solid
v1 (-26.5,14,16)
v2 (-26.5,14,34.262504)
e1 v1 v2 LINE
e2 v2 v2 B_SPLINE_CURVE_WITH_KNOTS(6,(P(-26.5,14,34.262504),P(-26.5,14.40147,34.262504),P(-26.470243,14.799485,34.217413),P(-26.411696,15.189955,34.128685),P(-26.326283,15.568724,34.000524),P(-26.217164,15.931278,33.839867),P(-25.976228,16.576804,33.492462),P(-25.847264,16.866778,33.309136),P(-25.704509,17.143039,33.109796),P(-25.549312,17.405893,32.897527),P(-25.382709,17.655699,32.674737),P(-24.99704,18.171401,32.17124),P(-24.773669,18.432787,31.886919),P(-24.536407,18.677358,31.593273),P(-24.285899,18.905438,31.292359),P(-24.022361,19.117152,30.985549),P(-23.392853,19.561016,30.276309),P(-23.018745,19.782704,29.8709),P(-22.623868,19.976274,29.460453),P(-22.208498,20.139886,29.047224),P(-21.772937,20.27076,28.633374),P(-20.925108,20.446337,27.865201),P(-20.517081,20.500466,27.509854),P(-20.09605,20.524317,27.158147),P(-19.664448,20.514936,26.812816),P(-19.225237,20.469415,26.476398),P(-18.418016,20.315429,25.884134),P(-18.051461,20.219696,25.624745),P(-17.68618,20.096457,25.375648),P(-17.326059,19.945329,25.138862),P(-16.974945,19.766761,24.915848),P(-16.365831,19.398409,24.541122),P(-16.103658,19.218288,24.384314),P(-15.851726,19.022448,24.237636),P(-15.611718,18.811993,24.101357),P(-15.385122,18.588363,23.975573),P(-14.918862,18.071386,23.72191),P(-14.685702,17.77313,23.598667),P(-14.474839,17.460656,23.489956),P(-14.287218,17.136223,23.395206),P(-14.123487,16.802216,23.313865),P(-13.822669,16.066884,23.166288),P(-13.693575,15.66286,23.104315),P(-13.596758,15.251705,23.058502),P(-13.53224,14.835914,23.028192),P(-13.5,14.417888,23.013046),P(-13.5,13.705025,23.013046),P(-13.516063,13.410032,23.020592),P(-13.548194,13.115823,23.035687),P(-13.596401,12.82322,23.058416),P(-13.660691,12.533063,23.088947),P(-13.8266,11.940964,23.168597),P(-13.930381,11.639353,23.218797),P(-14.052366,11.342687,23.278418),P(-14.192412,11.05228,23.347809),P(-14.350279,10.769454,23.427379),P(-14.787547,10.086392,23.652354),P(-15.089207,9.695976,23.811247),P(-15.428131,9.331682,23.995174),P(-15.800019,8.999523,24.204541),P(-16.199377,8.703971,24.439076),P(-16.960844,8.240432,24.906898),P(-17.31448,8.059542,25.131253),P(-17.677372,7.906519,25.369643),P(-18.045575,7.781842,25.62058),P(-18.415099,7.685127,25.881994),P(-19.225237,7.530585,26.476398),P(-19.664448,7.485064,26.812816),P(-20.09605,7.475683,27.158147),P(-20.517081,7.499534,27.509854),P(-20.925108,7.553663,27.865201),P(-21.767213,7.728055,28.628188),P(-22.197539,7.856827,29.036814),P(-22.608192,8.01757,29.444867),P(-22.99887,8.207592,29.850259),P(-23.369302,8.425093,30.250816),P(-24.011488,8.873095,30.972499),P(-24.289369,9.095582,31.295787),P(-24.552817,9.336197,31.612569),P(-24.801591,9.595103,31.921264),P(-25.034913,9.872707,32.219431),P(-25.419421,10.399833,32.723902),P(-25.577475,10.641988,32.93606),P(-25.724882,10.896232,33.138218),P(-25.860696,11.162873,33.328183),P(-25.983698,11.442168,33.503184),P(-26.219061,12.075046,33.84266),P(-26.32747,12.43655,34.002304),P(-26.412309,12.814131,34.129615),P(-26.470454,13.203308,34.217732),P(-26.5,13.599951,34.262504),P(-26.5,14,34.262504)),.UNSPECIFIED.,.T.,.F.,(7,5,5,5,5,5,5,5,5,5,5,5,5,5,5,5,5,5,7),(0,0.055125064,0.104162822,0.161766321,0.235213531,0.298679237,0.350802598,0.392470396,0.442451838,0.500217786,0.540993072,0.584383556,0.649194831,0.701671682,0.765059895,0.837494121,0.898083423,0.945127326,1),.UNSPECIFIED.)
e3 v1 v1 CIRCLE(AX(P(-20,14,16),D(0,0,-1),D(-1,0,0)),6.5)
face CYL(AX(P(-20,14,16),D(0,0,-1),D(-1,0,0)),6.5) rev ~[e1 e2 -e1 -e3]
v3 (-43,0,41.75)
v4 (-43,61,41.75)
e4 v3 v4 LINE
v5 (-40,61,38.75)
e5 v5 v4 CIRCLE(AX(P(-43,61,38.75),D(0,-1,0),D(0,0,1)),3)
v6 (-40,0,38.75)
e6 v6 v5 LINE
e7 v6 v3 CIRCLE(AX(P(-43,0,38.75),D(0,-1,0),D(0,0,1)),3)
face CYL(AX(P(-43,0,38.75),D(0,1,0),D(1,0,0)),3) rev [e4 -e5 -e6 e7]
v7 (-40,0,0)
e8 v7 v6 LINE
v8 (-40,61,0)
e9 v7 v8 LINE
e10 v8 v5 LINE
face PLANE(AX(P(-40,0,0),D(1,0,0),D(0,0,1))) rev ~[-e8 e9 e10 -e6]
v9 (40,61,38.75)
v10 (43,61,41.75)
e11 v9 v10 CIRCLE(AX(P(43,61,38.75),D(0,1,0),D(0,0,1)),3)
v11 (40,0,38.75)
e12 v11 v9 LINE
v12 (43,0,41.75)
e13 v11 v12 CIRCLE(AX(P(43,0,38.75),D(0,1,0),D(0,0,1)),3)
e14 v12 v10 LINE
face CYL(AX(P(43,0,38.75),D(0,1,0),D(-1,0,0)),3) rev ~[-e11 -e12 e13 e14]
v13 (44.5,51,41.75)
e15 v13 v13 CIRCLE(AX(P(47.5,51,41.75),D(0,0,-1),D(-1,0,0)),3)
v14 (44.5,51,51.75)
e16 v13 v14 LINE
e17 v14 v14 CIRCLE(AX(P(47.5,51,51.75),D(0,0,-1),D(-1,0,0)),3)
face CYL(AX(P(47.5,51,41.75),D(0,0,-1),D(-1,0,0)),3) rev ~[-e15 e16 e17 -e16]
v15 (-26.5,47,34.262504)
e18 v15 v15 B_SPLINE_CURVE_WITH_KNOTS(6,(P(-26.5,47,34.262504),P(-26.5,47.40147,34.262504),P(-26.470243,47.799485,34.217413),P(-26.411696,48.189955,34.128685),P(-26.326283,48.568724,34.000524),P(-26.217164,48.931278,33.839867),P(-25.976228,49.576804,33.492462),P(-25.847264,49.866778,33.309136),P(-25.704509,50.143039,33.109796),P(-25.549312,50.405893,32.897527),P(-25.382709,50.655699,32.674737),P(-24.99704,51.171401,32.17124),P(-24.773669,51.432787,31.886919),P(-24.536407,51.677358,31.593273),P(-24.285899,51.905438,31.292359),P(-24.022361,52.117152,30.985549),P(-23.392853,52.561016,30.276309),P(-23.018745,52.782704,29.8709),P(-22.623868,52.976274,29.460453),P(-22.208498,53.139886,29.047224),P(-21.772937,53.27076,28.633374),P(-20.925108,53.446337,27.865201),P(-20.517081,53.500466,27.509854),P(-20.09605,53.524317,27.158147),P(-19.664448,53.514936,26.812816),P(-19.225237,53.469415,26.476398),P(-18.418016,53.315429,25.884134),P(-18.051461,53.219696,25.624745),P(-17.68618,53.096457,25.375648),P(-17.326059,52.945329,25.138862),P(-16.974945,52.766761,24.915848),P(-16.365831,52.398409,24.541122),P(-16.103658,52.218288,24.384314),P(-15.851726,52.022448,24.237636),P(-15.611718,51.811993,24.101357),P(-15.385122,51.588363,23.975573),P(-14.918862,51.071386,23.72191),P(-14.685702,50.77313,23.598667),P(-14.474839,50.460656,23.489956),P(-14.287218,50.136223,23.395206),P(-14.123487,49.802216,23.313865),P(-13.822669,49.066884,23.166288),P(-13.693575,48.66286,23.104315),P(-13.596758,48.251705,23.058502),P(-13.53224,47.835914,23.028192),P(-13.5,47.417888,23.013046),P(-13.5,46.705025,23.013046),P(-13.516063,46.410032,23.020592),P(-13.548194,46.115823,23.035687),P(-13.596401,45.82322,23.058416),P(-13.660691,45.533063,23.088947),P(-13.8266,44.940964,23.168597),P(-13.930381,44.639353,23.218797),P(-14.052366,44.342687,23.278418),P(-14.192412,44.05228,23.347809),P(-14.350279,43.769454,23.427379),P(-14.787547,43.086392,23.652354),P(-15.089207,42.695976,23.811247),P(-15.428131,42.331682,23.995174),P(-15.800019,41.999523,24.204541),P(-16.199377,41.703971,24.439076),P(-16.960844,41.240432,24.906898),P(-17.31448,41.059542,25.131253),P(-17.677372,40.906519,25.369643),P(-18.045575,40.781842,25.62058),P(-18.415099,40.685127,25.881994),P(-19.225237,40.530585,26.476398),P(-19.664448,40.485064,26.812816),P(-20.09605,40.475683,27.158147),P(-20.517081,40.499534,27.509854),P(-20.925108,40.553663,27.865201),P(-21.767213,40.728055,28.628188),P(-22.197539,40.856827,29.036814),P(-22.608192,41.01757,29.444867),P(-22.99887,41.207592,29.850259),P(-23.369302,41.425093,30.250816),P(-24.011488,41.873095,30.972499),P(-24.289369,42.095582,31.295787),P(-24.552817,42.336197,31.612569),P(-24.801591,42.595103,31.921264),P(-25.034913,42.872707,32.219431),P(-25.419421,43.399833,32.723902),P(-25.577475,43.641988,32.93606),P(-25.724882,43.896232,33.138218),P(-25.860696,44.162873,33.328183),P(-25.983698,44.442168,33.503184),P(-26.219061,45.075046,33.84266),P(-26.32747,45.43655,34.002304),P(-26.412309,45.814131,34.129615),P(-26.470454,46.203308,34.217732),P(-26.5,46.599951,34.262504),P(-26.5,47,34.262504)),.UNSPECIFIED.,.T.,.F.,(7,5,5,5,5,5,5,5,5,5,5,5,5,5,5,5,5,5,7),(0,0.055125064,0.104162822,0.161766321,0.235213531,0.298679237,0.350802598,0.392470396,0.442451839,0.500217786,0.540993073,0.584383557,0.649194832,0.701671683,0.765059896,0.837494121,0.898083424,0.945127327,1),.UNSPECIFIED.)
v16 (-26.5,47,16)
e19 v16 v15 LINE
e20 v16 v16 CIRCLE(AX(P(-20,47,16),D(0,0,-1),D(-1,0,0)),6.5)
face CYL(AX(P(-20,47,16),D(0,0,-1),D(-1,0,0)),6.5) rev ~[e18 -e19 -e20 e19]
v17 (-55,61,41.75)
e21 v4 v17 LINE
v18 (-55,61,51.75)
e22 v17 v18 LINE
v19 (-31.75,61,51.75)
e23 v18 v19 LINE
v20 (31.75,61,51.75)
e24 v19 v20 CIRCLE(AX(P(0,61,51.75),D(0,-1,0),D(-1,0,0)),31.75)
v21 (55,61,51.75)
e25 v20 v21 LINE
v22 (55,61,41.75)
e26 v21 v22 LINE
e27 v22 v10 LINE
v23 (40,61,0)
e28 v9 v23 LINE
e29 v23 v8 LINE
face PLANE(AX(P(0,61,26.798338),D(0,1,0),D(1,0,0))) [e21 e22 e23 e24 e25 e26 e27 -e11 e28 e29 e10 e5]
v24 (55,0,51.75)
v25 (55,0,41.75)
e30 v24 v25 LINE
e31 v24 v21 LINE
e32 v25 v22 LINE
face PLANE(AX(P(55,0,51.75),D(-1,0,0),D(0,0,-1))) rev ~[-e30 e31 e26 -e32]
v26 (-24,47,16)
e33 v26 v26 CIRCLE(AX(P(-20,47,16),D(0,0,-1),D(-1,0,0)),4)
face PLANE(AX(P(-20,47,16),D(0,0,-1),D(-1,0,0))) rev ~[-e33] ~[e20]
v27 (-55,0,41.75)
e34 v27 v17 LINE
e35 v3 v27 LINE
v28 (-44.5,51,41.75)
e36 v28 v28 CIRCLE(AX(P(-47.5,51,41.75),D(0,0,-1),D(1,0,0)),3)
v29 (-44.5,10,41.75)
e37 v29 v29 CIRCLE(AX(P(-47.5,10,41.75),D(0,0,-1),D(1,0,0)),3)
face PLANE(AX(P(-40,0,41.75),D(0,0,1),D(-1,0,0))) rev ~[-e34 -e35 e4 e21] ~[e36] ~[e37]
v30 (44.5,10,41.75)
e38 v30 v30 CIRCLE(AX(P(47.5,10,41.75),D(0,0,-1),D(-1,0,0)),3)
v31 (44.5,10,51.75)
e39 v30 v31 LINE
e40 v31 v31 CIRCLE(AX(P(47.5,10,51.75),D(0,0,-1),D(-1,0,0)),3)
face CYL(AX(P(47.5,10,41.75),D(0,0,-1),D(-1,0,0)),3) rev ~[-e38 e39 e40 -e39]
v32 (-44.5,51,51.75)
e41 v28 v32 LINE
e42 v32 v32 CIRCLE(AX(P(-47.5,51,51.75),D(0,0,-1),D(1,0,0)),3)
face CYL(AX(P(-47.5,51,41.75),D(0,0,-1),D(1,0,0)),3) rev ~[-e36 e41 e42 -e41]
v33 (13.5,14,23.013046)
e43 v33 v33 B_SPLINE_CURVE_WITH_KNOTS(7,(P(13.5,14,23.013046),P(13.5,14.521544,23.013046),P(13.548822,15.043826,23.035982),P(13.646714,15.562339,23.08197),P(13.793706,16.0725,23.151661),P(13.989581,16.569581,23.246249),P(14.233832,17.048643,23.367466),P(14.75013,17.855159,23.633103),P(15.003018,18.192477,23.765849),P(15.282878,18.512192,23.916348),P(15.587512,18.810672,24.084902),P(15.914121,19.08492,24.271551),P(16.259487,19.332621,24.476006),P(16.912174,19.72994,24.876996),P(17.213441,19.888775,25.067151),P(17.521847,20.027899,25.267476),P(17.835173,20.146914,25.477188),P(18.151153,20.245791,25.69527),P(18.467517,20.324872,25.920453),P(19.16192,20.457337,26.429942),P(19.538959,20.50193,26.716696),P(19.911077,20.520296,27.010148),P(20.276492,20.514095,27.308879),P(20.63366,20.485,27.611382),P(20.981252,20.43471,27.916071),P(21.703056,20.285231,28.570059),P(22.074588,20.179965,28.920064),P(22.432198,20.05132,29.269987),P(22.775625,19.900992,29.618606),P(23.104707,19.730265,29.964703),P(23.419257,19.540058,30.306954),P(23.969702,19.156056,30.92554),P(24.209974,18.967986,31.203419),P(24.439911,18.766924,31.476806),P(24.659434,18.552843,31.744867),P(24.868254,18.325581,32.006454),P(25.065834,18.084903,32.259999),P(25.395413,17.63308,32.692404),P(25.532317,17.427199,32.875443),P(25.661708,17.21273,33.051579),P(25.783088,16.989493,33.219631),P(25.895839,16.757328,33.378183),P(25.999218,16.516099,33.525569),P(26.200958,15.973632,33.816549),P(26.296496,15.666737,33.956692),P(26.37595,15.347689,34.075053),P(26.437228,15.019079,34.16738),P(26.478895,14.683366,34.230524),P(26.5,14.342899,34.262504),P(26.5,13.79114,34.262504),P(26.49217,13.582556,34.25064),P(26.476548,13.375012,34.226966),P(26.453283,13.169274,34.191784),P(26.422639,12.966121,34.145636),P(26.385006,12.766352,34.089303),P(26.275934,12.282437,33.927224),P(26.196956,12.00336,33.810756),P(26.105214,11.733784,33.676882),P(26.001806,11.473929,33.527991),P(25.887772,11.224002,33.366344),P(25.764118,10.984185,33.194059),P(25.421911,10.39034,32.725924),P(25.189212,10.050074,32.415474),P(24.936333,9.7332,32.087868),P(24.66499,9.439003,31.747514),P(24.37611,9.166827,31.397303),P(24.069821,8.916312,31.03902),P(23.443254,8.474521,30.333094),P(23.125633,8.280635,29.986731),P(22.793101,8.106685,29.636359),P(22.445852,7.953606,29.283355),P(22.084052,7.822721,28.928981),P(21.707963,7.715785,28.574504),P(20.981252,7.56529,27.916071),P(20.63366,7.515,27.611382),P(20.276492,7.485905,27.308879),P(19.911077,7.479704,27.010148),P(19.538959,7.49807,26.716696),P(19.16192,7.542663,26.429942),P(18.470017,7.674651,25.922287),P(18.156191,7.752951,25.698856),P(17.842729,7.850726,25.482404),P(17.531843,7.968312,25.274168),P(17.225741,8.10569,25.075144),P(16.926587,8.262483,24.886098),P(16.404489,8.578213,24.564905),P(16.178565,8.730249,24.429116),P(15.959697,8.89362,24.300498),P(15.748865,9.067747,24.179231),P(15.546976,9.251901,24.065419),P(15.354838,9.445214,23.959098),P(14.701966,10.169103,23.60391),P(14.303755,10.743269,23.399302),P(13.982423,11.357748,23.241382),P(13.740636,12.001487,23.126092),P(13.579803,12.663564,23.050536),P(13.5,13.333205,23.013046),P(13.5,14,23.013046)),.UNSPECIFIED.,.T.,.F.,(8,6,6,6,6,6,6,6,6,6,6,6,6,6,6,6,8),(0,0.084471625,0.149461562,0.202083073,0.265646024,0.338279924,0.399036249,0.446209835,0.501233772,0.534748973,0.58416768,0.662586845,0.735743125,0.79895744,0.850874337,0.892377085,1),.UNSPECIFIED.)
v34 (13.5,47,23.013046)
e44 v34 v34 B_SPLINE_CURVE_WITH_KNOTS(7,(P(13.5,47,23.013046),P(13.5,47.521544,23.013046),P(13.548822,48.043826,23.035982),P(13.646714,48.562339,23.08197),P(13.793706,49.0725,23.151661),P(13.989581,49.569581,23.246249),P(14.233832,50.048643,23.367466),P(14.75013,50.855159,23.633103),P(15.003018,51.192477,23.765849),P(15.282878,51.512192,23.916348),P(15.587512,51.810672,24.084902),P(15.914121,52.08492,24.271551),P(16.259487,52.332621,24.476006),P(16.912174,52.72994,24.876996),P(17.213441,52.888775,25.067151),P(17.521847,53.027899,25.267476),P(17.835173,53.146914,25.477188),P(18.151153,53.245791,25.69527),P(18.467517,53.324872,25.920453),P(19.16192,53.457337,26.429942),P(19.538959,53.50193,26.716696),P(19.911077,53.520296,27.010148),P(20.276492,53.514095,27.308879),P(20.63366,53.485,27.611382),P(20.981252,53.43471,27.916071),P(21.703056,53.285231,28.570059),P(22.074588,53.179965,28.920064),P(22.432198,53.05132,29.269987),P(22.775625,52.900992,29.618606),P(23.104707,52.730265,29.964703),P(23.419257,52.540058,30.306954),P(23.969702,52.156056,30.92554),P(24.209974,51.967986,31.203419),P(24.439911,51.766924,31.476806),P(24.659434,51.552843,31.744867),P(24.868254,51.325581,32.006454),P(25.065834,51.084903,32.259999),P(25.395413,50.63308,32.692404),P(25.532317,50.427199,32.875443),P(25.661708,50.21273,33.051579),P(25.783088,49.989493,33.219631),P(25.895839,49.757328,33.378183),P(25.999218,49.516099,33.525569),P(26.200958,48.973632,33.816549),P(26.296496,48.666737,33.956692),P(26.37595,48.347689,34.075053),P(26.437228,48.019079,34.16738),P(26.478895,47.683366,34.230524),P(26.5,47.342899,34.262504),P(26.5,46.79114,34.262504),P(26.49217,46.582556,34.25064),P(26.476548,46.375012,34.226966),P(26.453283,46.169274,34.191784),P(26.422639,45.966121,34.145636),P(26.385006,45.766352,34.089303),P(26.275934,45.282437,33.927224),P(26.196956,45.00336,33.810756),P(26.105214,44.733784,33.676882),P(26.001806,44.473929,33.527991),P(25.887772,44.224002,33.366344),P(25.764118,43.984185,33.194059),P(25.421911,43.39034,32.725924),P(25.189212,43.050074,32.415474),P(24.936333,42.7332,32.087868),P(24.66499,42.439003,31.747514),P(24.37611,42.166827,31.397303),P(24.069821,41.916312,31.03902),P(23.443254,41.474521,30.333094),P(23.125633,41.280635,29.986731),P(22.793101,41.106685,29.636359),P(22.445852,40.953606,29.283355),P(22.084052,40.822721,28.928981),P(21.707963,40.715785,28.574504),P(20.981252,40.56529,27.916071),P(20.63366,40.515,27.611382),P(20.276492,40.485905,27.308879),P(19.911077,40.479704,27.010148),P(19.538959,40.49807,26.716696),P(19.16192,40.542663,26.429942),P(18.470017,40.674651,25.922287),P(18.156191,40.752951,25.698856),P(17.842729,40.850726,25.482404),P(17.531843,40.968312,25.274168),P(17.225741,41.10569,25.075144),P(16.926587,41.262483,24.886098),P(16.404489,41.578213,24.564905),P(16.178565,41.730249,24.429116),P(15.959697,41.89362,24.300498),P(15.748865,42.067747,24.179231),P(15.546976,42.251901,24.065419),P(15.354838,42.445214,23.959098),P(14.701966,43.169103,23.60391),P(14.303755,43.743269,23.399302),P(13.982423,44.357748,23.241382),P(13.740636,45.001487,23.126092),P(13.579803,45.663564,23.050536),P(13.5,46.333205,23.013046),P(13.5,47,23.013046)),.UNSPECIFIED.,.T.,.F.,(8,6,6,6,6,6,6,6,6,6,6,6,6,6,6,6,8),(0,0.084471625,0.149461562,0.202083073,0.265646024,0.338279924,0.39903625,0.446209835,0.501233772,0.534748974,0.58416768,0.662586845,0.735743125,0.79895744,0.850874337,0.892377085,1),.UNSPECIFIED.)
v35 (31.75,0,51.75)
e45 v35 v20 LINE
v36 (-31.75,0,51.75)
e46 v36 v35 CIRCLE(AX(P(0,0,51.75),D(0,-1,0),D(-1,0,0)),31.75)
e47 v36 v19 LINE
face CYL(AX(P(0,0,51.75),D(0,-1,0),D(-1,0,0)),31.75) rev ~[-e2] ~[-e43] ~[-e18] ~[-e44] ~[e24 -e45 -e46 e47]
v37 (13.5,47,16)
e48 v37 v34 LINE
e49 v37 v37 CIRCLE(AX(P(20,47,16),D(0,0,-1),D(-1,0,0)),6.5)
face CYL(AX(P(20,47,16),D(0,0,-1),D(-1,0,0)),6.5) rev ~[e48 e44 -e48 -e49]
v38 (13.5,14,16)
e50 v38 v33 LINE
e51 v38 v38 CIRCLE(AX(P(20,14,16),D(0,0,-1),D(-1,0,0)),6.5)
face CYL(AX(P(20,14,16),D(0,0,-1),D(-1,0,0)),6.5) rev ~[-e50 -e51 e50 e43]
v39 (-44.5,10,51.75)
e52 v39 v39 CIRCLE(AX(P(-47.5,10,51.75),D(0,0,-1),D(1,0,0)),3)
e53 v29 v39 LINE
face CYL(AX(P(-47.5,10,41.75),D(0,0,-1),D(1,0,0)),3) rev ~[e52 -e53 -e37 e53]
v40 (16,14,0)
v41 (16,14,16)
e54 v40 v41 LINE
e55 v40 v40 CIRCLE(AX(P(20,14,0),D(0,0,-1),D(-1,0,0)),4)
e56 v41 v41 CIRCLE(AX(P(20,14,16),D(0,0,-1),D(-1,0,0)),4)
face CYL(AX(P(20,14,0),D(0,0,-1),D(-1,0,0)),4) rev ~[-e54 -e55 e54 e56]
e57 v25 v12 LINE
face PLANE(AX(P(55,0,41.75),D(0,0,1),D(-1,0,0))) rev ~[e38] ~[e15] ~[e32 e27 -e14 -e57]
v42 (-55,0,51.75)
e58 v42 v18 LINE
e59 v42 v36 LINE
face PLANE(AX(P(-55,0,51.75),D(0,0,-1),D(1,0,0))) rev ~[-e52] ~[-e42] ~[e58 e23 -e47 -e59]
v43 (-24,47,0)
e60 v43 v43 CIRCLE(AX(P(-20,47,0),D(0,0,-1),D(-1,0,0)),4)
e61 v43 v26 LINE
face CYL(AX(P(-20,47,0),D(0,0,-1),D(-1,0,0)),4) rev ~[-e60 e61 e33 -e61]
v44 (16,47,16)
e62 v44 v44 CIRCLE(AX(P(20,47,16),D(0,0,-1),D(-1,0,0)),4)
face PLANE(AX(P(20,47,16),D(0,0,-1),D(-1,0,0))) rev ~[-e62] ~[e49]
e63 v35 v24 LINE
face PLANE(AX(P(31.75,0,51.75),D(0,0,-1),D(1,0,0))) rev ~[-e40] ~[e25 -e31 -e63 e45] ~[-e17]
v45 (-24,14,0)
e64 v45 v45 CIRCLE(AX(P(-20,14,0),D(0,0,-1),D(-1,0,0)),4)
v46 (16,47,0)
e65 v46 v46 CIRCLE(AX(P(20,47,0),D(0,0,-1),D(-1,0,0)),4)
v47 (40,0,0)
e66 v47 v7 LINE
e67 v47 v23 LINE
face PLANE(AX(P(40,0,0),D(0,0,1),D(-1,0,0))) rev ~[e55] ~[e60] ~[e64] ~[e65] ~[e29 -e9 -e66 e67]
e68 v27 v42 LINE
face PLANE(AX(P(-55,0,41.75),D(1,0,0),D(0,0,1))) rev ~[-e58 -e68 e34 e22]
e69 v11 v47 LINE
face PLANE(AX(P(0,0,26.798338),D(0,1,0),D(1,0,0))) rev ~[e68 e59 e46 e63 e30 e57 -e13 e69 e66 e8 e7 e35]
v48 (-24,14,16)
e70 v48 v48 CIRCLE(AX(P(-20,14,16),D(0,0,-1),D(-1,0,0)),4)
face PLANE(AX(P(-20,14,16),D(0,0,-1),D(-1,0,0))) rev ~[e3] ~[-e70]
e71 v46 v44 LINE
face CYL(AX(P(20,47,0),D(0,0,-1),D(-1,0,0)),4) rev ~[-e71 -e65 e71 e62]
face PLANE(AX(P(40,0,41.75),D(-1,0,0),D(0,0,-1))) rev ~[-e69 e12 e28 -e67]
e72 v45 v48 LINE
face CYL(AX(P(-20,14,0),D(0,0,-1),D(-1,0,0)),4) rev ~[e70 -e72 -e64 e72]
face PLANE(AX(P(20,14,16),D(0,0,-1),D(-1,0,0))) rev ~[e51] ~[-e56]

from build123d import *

# Parameters (mm, degrees)
BOSS_EXTRUDE1_DEPTH = 61
SKETCH2_R           = 3
CUT_EXTRUDE1_DEPTH  = 93.136108557
SKETCH3_R           = 4
CUT_EXTRUDE2_DEPTH  = 98.077610704
CUT_EXTRUDE3_START  = -16
SKETCH3_4_R         = 6.5
SKETCH3_4_R_2       = 4
CUT_EXTRUDE3_DEPTH  = 61
FILLET1_R           = 3


with BuildPart() as part:
    # Sketch1 → Boss-Extrude1 (new body)
    with BuildSketch(Plane(origin=(0, 0, 0), x_dir=(1, 0, 0), z_dir=(0, 1, 0))):
        with BuildLine():
            Line((40, 0), (0, 0))
            Line((0, 0), (-40, 0))
            Line((-40, 0), (-40, -20))
            Line((-40, -20), (-40, -41.75))
            Line((-40, -41.75), (-55, -41.75))
            Line((-55, -41.75), (-55, -51.75))
            Line((-55, -51.75), (-40, -51.75))
            Line((-40, -51.75), (-31.75, -51.75))
            ThreePointArc((-31.75, -51.75), (0, -20), (31.75, -51.75))
            Line((31.75, -51.75), (40, -51.75))
            Line((40, -51.75), (55, -51.75))
            Line((55, -51.75), (55, -41.75))
            Line((55, -41.75), (40, -41.75))
            Line((40, -41.75), (40, -20))
            Line((40, -20), (40, 0))
        make_face()
    extrude(amount=BOSS_EXTRUDE1_DEPTH)

    # Sketch2 → Cut-Extrude1 (cut, through all)
    with BuildSketch(Plane(origin=(0, 0, 41.75), x_dir=(-1, 0, 0), z_dir=(0, 0, -1))):
        with Locations((-47.5, 51)):
            Circle(SKETCH2_R)
        with Locations((-47.5, 10)):
            Circle(SKETCH2_R)
        with Locations((47.5, 10)):
            Circle(SKETCH2_R)
        with Locations((47.5, 51)):
            Circle(SKETCH2_R)
    extrude(amount=-CUT_EXTRUDE1_DEPTH, mode=Mode.SUBTRACT)

    # Sketch3 → Cut-Extrude2 (cut, through all)
    with BuildSketch(Plane(origin=(0, 0, 0), x_dir=(-1, 0, 0), z_dir=(0, 0, -1))):
        with Locations((-20, 47)):
            Circle(SKETCH3_R)
        with Locations((-20, 14)):
            Circle(SKETCH3_R)
        with Locations((20, 14)):
            Circle(SKETCH3_R)
        with Locations((20, 47)):
            Circle(SKETCH3_R)
    extrude(amount=-CUT_EXTRUDE2_DEPTH, mode=Mode.SUBTRACT)

    # Sketch3<4> → Cut-Extrude3 (cut)
    # profile 1 of 4: a face of its own
    with BuildSketch(Plane(origin=(0, 0, 0), x_dir=(-1, 0, 0), z_dir=(0, 0, -1)).offset(CUT_EXTRUDE3_START)):
        with Locations((-20, 47)):
            Circle(SKETCH3_4_R)
        with Locations((-20, 47)):
            Circle(SKETCH3_4_R_2, mode=Mode.SUBTRACT)
    # profile 2 of 4: a face of its own
    with BuildSketch(Plane(origin=(0, 0, 0), x_dir=(-1, 0, 0), z_dir=(0, 0, -1)).offset(CUT_EXTRUDE3_START)):
        with Locations((-20, 14)):
            Circle(SKETCH3_4_R)
        with Locations((-20, 14)):
            Circle(SKETCH3_4_R_2, mode=Mode.SUBTRACT)
    # profile 3 of 4: a face of its own
    with BuildSketch(Plane(origin=(0, 0, 0), x_dir=(-1, 0, 0), z_dir=(0, 0, -1)).offset(CUT_EXTRUDE3_START)):
        with Locations((20, 14)):
            Circle(SKETCH3_4_R)
        with Locations((20, 14)):
            Circle(SKETCH3_4_R_2, mode=Mode.SUBTRACT)
    # profile 4 of 4: a face of its own
    with BuildSketch(Plane(origin=(0, 0, 0), x_dir=(-1, 0, 0), z_dir=(0, 0, -1)).offset(CUT_EXTRUDE3_START)):
        with Locations((20, 47)):
            Circle(SKETCH3_4_R)
        with Locations((20, 47)):
            Circle(SKETCH3_4_R_2, mode=Mode.SUBTRACT)
    extrude(amount=-CUT_EXTRUDE3_DEPTH, mode=Mode.SUBTRACT)

    # Fillet1
    fillet1_edges = [part.edges().sort_by_distance(p)[0] for p in [
        (40, 30.5, 41.75),
        (-40, 30.5, 41.75),
    ]]
    fillet(fillet1_edges, radius=FILLET1_R)


solid = part.part
